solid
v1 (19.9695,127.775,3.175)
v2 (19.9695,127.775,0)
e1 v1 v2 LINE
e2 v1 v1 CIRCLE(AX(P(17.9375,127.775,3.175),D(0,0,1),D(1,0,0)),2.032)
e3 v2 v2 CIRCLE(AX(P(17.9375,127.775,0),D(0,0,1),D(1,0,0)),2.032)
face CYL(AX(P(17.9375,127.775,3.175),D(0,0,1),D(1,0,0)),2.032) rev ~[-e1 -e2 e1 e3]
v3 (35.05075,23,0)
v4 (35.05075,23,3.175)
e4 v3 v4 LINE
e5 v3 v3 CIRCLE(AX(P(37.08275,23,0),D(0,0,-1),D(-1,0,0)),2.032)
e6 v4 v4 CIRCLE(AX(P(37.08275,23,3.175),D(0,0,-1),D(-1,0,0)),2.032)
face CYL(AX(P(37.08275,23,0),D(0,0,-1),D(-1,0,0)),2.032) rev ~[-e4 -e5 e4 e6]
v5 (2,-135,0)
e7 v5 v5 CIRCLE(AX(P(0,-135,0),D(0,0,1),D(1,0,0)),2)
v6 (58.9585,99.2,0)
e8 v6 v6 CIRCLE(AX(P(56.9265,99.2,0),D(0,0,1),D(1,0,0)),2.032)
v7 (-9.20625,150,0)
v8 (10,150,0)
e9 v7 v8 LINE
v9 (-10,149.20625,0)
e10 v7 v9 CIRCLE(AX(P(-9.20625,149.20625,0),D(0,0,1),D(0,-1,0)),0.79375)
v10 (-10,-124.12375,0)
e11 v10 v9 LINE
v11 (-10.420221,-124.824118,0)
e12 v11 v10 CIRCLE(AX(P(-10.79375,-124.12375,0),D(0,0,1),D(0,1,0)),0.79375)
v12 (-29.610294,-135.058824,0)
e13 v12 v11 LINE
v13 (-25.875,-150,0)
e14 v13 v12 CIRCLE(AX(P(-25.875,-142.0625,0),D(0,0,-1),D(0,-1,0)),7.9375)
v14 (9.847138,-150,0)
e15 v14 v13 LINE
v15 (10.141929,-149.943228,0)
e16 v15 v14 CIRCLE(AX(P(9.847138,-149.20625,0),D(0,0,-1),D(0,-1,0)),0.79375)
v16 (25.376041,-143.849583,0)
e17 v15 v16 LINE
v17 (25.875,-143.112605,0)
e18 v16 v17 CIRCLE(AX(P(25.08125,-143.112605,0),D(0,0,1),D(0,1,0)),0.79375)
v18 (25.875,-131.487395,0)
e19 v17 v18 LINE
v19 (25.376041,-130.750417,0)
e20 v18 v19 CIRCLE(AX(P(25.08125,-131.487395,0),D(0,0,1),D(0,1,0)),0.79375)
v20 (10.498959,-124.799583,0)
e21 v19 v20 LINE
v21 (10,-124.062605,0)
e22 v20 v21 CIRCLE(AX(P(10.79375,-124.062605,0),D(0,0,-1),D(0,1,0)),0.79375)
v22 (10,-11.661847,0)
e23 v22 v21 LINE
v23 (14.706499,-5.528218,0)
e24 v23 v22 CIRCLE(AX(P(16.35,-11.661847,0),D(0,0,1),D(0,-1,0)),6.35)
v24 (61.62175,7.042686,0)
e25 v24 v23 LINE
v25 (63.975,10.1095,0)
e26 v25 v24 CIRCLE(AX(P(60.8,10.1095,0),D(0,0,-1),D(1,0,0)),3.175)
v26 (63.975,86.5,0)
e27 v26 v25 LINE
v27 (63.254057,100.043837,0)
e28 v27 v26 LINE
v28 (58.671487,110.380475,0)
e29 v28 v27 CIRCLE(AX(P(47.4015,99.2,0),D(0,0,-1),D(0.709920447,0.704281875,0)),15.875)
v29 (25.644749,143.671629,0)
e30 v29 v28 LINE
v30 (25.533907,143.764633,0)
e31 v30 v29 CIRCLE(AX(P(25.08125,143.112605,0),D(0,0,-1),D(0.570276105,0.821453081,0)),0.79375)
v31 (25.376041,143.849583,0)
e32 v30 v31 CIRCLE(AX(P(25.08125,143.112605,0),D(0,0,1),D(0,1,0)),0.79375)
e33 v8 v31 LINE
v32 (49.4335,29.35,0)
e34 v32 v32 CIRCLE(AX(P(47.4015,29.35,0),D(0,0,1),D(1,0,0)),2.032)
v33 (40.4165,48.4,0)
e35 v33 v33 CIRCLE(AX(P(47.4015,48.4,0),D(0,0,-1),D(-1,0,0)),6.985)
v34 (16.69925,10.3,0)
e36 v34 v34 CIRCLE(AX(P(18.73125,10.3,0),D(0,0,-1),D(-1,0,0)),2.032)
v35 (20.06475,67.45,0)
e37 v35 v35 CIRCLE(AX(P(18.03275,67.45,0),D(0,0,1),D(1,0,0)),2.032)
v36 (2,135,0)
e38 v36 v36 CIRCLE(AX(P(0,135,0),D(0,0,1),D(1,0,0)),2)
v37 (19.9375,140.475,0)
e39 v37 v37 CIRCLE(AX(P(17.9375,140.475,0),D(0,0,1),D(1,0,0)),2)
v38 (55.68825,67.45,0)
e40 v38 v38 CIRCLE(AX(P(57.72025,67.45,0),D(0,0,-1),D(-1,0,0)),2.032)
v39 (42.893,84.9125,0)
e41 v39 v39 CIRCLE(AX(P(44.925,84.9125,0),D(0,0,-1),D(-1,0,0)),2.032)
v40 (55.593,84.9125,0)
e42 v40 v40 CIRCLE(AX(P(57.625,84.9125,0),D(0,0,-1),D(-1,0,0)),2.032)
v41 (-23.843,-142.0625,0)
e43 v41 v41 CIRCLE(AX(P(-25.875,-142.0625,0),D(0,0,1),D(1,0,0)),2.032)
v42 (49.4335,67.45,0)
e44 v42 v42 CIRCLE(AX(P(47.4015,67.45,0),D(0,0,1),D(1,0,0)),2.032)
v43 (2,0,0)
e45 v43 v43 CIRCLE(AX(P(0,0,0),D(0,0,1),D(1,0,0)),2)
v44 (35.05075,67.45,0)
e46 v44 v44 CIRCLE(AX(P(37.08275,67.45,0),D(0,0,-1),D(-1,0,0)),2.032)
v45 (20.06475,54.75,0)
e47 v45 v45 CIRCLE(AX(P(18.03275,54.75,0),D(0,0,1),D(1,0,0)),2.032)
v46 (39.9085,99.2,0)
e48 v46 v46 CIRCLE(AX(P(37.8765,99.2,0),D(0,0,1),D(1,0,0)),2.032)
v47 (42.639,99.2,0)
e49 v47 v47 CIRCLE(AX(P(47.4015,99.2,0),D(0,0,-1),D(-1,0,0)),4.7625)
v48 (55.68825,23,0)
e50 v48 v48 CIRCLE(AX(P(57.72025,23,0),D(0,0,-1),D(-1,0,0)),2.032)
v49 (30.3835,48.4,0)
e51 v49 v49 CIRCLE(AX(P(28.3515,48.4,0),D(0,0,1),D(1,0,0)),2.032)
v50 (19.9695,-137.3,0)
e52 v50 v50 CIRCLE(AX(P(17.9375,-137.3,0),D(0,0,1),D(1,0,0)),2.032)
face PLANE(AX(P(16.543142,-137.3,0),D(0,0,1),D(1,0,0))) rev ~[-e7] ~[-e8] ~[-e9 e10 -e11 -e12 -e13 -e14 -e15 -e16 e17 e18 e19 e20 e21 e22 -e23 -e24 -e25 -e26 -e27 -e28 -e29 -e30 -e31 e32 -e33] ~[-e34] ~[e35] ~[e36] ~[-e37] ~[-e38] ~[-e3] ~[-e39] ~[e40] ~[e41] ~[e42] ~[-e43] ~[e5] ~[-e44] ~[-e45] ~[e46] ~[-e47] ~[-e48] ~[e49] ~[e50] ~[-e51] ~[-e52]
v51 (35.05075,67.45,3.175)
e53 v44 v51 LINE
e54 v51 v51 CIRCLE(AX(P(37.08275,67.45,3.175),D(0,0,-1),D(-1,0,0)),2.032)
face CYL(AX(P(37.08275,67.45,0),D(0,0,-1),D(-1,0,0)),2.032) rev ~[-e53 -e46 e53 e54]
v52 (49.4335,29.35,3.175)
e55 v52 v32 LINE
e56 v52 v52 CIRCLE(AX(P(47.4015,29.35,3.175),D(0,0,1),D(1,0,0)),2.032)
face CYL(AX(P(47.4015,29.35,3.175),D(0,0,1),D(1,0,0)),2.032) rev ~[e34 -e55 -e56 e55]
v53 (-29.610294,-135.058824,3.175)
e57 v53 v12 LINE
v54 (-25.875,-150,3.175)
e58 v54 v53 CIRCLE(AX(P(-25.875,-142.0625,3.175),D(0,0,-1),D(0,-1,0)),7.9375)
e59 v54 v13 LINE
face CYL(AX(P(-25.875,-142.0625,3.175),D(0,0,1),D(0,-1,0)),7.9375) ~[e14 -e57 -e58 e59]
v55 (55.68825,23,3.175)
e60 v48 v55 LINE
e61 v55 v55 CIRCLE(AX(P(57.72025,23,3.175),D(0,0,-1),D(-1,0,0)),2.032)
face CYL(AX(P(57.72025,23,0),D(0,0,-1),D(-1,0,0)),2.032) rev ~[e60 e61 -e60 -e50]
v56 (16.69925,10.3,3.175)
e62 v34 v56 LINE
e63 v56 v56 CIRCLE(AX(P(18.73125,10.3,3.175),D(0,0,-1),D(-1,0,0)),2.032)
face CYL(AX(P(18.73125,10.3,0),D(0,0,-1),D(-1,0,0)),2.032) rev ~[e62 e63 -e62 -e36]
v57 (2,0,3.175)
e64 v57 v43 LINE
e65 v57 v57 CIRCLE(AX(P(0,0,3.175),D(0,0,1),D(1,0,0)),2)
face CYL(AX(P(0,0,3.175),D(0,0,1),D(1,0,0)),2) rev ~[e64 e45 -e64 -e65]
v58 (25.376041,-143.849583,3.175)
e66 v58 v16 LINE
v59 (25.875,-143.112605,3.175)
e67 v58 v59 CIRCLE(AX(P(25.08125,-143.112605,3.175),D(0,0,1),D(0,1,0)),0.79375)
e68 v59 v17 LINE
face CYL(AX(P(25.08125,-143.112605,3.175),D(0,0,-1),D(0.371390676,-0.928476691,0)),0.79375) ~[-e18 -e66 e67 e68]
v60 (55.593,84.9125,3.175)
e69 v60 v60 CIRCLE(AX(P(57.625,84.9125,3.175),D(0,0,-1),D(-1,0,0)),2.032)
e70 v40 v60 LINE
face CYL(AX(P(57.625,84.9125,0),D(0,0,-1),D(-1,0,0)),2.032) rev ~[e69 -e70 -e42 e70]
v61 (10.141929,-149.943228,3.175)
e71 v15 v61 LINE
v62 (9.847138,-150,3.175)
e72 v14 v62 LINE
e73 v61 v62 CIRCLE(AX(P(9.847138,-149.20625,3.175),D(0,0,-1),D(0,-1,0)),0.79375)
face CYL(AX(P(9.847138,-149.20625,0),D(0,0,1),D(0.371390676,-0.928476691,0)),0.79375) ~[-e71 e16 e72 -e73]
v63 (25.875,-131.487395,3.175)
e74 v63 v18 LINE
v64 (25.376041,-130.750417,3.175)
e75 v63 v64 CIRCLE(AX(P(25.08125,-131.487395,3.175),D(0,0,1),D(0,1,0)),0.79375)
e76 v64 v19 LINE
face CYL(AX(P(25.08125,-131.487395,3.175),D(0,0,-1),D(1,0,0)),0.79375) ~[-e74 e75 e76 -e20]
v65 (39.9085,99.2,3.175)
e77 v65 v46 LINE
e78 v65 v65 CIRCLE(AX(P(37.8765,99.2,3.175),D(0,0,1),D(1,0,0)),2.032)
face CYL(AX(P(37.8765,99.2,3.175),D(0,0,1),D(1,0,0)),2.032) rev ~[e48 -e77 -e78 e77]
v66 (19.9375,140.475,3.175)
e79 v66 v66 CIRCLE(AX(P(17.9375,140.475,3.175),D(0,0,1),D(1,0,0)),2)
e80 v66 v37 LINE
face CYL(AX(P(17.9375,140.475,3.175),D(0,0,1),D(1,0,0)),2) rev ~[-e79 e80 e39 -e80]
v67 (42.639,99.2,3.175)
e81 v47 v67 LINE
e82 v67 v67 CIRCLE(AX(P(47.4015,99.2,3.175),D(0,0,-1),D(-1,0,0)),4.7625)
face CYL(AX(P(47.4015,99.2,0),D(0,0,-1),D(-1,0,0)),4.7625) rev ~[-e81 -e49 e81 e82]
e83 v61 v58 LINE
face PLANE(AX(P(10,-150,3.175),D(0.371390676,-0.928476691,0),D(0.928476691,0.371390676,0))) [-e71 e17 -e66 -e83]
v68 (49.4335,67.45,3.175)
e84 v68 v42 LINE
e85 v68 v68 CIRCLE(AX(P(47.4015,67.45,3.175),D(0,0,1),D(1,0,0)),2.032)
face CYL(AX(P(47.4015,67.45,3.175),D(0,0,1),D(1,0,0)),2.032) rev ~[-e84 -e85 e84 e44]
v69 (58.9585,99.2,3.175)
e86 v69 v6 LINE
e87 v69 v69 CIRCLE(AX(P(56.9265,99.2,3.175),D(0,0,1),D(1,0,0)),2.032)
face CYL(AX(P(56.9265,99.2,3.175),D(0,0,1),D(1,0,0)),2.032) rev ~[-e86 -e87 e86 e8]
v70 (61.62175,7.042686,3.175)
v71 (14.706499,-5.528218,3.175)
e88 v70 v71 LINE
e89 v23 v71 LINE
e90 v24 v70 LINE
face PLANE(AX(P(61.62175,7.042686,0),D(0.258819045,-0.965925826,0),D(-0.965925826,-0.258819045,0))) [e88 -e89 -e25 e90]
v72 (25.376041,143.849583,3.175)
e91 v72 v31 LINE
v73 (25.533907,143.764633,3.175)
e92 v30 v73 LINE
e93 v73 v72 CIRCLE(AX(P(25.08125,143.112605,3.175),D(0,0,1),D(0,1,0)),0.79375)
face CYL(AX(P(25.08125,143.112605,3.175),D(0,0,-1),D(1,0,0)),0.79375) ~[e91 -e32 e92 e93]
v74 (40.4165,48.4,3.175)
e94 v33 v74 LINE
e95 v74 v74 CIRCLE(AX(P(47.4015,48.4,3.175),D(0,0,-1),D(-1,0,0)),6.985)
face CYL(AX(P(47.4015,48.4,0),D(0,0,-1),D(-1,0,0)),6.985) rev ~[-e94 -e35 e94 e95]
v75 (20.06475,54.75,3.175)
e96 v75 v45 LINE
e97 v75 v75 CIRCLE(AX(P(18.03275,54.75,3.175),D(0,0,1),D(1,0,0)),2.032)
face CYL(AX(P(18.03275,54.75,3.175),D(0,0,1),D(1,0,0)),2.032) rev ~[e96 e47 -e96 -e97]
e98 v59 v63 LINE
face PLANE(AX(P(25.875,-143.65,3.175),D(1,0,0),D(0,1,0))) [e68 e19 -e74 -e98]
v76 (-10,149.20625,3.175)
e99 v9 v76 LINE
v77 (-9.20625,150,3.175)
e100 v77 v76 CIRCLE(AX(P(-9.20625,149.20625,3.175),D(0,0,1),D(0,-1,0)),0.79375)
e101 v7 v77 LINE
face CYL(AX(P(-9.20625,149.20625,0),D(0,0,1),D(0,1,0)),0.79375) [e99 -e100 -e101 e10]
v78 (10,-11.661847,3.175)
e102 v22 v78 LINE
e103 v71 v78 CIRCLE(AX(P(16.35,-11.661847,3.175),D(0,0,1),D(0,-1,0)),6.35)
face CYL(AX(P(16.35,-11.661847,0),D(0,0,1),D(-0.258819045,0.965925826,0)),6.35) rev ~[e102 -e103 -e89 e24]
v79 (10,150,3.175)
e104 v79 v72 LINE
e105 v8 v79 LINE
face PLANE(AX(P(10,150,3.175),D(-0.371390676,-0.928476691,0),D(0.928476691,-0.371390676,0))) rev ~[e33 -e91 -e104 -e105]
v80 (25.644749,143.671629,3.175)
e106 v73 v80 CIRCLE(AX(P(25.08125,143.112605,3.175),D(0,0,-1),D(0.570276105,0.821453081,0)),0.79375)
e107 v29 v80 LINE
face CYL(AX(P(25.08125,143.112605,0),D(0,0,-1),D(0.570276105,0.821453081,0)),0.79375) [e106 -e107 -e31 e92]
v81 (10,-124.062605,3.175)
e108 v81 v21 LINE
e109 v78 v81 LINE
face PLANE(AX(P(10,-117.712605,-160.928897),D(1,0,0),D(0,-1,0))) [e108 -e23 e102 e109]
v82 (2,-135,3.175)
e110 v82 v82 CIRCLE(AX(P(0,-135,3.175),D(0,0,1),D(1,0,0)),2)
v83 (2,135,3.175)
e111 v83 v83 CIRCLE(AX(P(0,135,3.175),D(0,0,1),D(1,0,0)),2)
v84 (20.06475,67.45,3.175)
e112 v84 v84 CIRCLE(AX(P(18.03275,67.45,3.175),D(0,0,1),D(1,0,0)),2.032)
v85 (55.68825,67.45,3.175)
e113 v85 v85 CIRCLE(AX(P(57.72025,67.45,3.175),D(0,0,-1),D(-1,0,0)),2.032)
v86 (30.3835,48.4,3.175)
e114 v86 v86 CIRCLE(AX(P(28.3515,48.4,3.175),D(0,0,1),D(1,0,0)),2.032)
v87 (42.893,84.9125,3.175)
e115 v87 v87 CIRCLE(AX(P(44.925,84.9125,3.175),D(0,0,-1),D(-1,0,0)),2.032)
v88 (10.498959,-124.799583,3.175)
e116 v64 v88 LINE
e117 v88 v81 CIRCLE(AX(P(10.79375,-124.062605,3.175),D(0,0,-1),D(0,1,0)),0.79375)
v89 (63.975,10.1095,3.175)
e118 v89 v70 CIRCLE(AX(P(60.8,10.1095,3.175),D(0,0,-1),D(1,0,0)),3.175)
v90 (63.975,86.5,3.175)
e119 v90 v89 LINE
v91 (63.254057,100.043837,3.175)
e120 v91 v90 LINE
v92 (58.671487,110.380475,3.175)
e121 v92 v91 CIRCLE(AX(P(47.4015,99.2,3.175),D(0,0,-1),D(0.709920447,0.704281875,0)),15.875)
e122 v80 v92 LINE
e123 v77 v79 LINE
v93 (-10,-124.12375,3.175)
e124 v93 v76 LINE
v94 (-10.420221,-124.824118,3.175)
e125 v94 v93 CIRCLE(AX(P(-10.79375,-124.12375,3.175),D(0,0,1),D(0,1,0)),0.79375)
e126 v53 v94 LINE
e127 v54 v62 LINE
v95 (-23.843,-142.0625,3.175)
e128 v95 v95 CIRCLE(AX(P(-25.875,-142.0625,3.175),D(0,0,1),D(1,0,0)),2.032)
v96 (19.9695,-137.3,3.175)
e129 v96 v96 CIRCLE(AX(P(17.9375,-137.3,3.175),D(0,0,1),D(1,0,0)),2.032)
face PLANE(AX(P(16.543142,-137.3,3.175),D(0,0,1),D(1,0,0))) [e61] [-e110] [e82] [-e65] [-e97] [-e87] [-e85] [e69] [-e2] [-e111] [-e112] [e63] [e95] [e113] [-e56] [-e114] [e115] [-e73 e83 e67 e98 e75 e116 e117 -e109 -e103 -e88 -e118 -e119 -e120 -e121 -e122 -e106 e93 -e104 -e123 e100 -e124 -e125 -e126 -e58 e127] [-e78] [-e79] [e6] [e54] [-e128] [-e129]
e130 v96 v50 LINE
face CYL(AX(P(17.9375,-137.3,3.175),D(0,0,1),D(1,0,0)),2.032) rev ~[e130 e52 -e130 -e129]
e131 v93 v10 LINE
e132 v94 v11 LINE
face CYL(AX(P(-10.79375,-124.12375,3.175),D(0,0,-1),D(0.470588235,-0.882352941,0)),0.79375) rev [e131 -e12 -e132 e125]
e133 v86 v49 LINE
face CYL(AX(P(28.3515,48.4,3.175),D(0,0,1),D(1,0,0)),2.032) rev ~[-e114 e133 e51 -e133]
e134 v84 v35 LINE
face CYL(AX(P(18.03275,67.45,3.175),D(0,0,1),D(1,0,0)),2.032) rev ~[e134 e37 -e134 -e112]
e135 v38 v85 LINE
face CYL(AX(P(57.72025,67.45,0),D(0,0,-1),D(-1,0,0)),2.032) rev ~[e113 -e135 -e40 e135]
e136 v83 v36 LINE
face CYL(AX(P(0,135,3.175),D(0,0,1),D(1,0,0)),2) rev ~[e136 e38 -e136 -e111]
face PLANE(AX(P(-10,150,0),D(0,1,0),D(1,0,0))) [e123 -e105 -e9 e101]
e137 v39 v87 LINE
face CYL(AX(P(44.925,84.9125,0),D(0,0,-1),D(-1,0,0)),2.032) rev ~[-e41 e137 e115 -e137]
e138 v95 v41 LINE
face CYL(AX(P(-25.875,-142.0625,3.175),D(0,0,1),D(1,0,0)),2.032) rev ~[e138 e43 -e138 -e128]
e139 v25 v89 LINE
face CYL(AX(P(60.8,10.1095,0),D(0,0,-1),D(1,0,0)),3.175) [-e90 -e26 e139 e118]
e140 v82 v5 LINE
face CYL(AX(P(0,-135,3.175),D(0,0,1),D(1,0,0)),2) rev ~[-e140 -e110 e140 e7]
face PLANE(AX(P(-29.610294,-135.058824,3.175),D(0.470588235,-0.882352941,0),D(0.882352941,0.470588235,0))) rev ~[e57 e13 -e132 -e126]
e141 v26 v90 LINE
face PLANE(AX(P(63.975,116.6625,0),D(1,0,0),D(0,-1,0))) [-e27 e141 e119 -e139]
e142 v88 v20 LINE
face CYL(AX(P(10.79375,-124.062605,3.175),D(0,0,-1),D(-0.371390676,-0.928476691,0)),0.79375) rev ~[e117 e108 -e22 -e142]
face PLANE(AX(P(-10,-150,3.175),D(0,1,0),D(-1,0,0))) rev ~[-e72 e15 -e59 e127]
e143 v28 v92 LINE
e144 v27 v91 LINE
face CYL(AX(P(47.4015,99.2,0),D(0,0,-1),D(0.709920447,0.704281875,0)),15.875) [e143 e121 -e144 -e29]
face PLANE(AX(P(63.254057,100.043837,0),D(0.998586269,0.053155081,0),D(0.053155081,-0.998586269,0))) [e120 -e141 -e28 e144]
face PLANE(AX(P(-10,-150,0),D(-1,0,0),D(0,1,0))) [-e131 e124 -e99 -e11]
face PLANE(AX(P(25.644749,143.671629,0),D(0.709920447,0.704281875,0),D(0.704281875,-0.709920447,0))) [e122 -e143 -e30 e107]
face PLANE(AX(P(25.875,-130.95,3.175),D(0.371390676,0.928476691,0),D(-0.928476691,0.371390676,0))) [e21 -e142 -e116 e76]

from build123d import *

# Parameters (mm, degrees)
SKETCH1_W               = 20
SKETCH1_H               = 300
BOSS_EXTRUDE1_DEPTH     = 3.175
SKETCH2_R               = 2
SKETCH2_R_2             = 2.032
BOSS_EXTRUDE2_DEPTH     = 3.175
SKETCH4_R               = 2
CUT_EXTRUDE1_DEPTH      = 153.248468794
SKETCH6_R               = 2.032
BOSS_EXTRUDE4_DEPTH     = 3.175
FILLET4_R               = 0.79375
SKETCH7_R               = 4.7625
SKETCH7_R_2             = 6.985
SKETCH7_R_3             = 2.032
BOSS_EXTRUDE5_DEPTH     = 3.175
SKETCH8_R               = 2.032
CUT_EXTRUDE2_DEPTH      = 164.103897102
CUT_EXTRUDE3_DEPTH      = 164.103897102
SKETCH10_R              = 2.032
CUT_EXTRUDE4_DEPTH      = 164.103897102
FILLET6_R               = 6.35
CUT_EXTRUDE5_DEPTH      = 164.103897102
CUT_EXTRUDE5_DEPTH_BACK = 164.103897102
SKETCH11_R              = 2
SKETCH12_R              = 2.032
BOSS_EXTRUDE6_DEPTH     = 3.175
FILLET7_R               = 0.79375


with BuildPart() as part:
    # Sketch1 → Boss-Extrude1 (new body)
    with BuildSketch(Plane.XY):
        Rectangle(SKETCH1_W, SKETCH1_H)
    extrude(amount=BOSS_EXTRUDE1_DEPTH)

    # Sketch2 → Boss-Extrude2 (add)
    # profile 1 of 2: a face of its own
    with BuildSketch(Plane.XY.offset(3.175)):
        Polygon((10, 150), (25.875, 143.65), (25.875, 124.6), (10, 118.25), align=None)
        with Locations((17.9375, 140.475)):
            Circle(SKETCH2_R, mode=Mode.SUBTRACT)
        with Locations((17.9375, 127.775)):
            Circle(SKETCH2_R_2, mode=Mode.SUBTRACT)
    # profile 2 of 2: a face of its own
    with BuildSketch(Plane.XY.offset(3.175)):
        Polygon((10, -118.25), (10, -150), (25.875, -143.65), (25.875, -124.6), align=None)
        with Locations((17.9375, -127.775)):
            Circle(SKETCH2_R, mode=Mode.SUBTRACT)
        with Locations((17.9375, -140.475)):
            Circle(SKETCH2_R, mode=Mode.SUBTRACT)
    extrude(amount=-BOSS_EXTRUDE2_DEPTH)

    # Sketch4 → Cut-Extrude1 (cut, through all)
    with BuildSketch(Plane.XY.offset(3.175)):
        with Locations((0, -135)):
            Circle(SKETCH4_R)
        Circle(SKETCH4_R)
        with Locations((0, 135)):
            Circle(SKETCH4_R)
    extrude(amount=-CUT_EXTRUDE1_DEPTH, mode=Mode.SUBTRACT)

    # Sketch6 → Boss-Extrude4 (add)
    with BuildSketch(Plane.XY.offset(3.175)):
        with BuildLine():
            Line((-10, -124.6), (-10, -150))
            Line((-10, -150), (-25.875, -150))
            ThreePointArc((-25.875, -150), (-33.575506095, -143.987626524), (-29.610294118, -135.058823529))
            Line((-29.610294118, -135.058823529), (-10, -124.6))
        make_face()
        with Locations((-25.875, -142.0625)):
            Circle(SKETCH6_R, mode=Mode.SUBTRACT)
    extrude(amount=-BOSS_EXTRUDE4_DEPTH)

    # Fillet4
    fillet4_edges = [part.edges().sort_by_distance(p)[0] for p in [
        (25.875, 124.6, 1.5875),
        (25.875, 143.65, 1.5875),
        (10, 118.25, 1.5875),
        (25.875, -143.65, 1.5875),
        (25.875, -124.6, 1.5875),
        (10, -118.25, 1.5875),
        (-10, -124.6, 1.5875),
        (-10, 150, 1.5875),
    ]]
    fillet(fillet4_edges, radius=FILLET4_R)

    # Sketch7 → Boss-Extrude5 (add)
    with BuildSketch(Plane(origin=(0, 0, 0), x_dir=(-1, 0, 0), z_dir=(0, 0, -1))):
        with BuildLine():
            Line((-25.533906668, 143.764633463), (-63.633906668, 117.314528376))
            ThreePointArc((-63.633906668, 117.314528376), (-63.884576131, 117.030428547), (-63.975, 116.6625))
            Line((-63.975, 116.6625), (-63.975, 10.1095))
            ThreePointArc((-63.975, 10.1095), (-63.318896855, 8.176682463), (-61.621750468, 7.042685502))
            Line((-61.621750468, 7.042685502), (-10, -6.789320848))
            Line((-10, -6.789320848), (-10, 117.712605087))
            ThreePointArc((-10, 117.712605087), (-10.136471636, 118.157604204), (-10.498958651, 118.44958346))
            Line((-10.498958651, 118.44958346), (-25.376041349, 124.40041654))
            ThreePointArc((-25.376041349, 124.40041654), (-25.738528364, 124.692395796), (-25.875, 125.137394913))
            Line((-25.875, 125.137394913), (-25.875, 143.112605087))
            ThreePointArc((-25.875, 143.112605087), (-25.784576131, 143.480533634), (-25.533906668, 143.764633463))
        make_face()
        with Locations((-47.4015, 99.2)):
            Circle(SKETCH7_R, mode=Mode.SUBTRACT)
        with Locations((-47.4015, 48.4)):
            Circle(SKETCH7_R_2, mode=Mode.SUBTRACT)
        with Locations((-57.72025, 67.45)):
            Circle(SKETCH7_R_3, mode=Mode.SUBTRACT)
        with Locations((-57.72025, 23)):
            Circle(SKETCH7_R_3, mode=Mode.SUBTRACT)
        with Locations((-37.08275, 23)):
            Circle(SKETCH7_R_3, mode=Mode.SUBTRACT)
        with Locations((-37.08275, 67.45)):
            Circle(SKETCH7_R_3, mode=Mode.SUBTRACT)
        with Locations((-18.73125, 10.3)):
            Circle(SKETCH7_R_3, mode=Mode.SUBTRACT)
    extrude(amount=-BOSS_EXTRUDE5_DEPTH)

    # Sketch8 → Cut-Extrude2 (cut, through all)
    with BuildSketch(Plane.XY.offset(3.175)):
        with Locations((47.4015, 67.45)):
            Circle(SKETCH8_R)
        with Locations((28.3515, 48.4)):
            Circle(SKETCH8_R)
        with Locations((47.4015, 29.35)):
            Circle(SKETCH8_R)
        with Locations((56.9265, 99.2)):
            Circle(SKETCH8_R)
        with Locations((37.8765, 99.2)):
            Circle(SKETCH8_R)
        with Locations((18.03275, 54.75)):
            Circle(SKETCH8_R)
        with Locations((18.03275, 67.45)):
            Circle(SKETCH8_R)
    extrude(amount=-CUT_EXTRUDE2_DEPTH, mode=Mode.SUBTRACT)

    # Sketch9 → Cut-Extrude3 (cut, through all)
    with BuildSketch(Plane(origin=(0, 0, 0), x_dir=(-1, 0, 0), z_dir=(0, 0, -1))):
        with BuildLine():
            Line((-25.644749354, 143.671628825), (-58.67148709, 110.380474766))
            ThreePointArc((-58.67148709, 110.380474766), (-61.914239932, 105.633972698), (-63.254057026, 100.043836919))
            Line((-63.254057026, 100.043836919), (-63.975, 86.5))
            Line((-63.975, 86.5), (-63.975, 116.6625))
            ThreePointArc((-63.975, 116.6625), (-63.884576131, 117.030428547), (-63.633906668, 117.314528376))
            Line((-63.633906668, 117.314528376), (-25.533906668, 143.764633463))
            ThreePointArc((-25.533906668, 143.764633463), (-25.591451658, 143.7206621), (-25.644749354, 143.671628825))
        make_face()
    extrude(amount=-CUT_EXTRUDE3_DEPTH, mode=Mode.SUBTRACT)

    # Sketch10 → Cut-Extrude4 (cut, through all)
    with BuildSketch(Plane(origin=(0, 0, 0), x_dir=(-1, 0, 0), z_dir=(0, 0, -1))):
        with Locations((-57.625, 84.9125)):
            Circle(SKETCH10_R)
        with Locations((-44.925, 84.9125)):
            Circle(SKETCH10_R)
    extrude(amount=-CUT_EXTRUDE4_DEPTH, mode=Mode.SUBTRACT)

    # Fillet6
    fillet6_edges = [part.edges().sort_by_distance(p)[0] for p in [
        (10, -6.789320848, 1.5875),
    ]]
    fillet(fillet6_edges, radius=FILLET6_R)

    # Sketch11 → Cut-Extrude5 (cut, two sides: drawn at the far end of the back side and taken through both)
    with BuildSketch(Plane.XY.offset(3.175).offset(-CUT_EXTRUDE5_DEPTH_BACK)):
        with BuildLine():
            ThreePointArc((10.498958651, -118.44958346), (10.136471636, -118.157604204), (10, -117.712605087))
            Line((10, -117.712605087), (10, -150))
            Line((10, -150), (25.376041349, -143.84958346))
            ThreePointArc((25.376041349, -143.84958346), (25.738528364, -143.557604204), (25.875, -143.112605087))
            Line((25.875, -143.112605087), (25.875, -125.137394913))
            ThreePointArc((25.875, -125.137394913), (25.738528364, -124.692395796), (25.376041349, -124.40041654))
            Line((25.376041349, -124.40041654), (10.498958651, -118.44958346))
        make_face()
        with Locations((17.9375, -140.475)):
            Circle(SKETCH11_R, mode=Mode.SUBTRACT)
        with Locations((17.9375, -127.775)):
            Circle(SKETCH11_R, mode=Mode.SUBTRACT)
    extrude(amount=CUT_EXTRUDE5_DEPTH + CUT_EXTRUDE5_DEPTH_BACK, mode=Mode.SUBTRACT)

    # Sketch12 → Boss-Extrude6 (add)
    with BuildSketch(Plane.XY.offset(3.175)):
        Polygon((10, -150), (25.875, -143.65), (25.875, -130.95), (10, -124.6), align=None)
        with Locations((17.9375, -137.3)):
            Circle(SKETCH12_R, mode=Mode.SUBTRACT)
    extrude(amount=-BOSS_EXTRUDE6_DEPTH)

    # Fillet7
    fillet7_edges = [part.edges().sort_by_distance(p)[0] for p in [
        (25.875, -143.65, 1.5875),
        (25.875, -130.95, 1.5875),
        (10, -124.6, 1.5875),
        (10, -150, 1.5875),
    ]]
    fillet(fillet7_edges, radius=FILLET7_R)


solid = part.part
